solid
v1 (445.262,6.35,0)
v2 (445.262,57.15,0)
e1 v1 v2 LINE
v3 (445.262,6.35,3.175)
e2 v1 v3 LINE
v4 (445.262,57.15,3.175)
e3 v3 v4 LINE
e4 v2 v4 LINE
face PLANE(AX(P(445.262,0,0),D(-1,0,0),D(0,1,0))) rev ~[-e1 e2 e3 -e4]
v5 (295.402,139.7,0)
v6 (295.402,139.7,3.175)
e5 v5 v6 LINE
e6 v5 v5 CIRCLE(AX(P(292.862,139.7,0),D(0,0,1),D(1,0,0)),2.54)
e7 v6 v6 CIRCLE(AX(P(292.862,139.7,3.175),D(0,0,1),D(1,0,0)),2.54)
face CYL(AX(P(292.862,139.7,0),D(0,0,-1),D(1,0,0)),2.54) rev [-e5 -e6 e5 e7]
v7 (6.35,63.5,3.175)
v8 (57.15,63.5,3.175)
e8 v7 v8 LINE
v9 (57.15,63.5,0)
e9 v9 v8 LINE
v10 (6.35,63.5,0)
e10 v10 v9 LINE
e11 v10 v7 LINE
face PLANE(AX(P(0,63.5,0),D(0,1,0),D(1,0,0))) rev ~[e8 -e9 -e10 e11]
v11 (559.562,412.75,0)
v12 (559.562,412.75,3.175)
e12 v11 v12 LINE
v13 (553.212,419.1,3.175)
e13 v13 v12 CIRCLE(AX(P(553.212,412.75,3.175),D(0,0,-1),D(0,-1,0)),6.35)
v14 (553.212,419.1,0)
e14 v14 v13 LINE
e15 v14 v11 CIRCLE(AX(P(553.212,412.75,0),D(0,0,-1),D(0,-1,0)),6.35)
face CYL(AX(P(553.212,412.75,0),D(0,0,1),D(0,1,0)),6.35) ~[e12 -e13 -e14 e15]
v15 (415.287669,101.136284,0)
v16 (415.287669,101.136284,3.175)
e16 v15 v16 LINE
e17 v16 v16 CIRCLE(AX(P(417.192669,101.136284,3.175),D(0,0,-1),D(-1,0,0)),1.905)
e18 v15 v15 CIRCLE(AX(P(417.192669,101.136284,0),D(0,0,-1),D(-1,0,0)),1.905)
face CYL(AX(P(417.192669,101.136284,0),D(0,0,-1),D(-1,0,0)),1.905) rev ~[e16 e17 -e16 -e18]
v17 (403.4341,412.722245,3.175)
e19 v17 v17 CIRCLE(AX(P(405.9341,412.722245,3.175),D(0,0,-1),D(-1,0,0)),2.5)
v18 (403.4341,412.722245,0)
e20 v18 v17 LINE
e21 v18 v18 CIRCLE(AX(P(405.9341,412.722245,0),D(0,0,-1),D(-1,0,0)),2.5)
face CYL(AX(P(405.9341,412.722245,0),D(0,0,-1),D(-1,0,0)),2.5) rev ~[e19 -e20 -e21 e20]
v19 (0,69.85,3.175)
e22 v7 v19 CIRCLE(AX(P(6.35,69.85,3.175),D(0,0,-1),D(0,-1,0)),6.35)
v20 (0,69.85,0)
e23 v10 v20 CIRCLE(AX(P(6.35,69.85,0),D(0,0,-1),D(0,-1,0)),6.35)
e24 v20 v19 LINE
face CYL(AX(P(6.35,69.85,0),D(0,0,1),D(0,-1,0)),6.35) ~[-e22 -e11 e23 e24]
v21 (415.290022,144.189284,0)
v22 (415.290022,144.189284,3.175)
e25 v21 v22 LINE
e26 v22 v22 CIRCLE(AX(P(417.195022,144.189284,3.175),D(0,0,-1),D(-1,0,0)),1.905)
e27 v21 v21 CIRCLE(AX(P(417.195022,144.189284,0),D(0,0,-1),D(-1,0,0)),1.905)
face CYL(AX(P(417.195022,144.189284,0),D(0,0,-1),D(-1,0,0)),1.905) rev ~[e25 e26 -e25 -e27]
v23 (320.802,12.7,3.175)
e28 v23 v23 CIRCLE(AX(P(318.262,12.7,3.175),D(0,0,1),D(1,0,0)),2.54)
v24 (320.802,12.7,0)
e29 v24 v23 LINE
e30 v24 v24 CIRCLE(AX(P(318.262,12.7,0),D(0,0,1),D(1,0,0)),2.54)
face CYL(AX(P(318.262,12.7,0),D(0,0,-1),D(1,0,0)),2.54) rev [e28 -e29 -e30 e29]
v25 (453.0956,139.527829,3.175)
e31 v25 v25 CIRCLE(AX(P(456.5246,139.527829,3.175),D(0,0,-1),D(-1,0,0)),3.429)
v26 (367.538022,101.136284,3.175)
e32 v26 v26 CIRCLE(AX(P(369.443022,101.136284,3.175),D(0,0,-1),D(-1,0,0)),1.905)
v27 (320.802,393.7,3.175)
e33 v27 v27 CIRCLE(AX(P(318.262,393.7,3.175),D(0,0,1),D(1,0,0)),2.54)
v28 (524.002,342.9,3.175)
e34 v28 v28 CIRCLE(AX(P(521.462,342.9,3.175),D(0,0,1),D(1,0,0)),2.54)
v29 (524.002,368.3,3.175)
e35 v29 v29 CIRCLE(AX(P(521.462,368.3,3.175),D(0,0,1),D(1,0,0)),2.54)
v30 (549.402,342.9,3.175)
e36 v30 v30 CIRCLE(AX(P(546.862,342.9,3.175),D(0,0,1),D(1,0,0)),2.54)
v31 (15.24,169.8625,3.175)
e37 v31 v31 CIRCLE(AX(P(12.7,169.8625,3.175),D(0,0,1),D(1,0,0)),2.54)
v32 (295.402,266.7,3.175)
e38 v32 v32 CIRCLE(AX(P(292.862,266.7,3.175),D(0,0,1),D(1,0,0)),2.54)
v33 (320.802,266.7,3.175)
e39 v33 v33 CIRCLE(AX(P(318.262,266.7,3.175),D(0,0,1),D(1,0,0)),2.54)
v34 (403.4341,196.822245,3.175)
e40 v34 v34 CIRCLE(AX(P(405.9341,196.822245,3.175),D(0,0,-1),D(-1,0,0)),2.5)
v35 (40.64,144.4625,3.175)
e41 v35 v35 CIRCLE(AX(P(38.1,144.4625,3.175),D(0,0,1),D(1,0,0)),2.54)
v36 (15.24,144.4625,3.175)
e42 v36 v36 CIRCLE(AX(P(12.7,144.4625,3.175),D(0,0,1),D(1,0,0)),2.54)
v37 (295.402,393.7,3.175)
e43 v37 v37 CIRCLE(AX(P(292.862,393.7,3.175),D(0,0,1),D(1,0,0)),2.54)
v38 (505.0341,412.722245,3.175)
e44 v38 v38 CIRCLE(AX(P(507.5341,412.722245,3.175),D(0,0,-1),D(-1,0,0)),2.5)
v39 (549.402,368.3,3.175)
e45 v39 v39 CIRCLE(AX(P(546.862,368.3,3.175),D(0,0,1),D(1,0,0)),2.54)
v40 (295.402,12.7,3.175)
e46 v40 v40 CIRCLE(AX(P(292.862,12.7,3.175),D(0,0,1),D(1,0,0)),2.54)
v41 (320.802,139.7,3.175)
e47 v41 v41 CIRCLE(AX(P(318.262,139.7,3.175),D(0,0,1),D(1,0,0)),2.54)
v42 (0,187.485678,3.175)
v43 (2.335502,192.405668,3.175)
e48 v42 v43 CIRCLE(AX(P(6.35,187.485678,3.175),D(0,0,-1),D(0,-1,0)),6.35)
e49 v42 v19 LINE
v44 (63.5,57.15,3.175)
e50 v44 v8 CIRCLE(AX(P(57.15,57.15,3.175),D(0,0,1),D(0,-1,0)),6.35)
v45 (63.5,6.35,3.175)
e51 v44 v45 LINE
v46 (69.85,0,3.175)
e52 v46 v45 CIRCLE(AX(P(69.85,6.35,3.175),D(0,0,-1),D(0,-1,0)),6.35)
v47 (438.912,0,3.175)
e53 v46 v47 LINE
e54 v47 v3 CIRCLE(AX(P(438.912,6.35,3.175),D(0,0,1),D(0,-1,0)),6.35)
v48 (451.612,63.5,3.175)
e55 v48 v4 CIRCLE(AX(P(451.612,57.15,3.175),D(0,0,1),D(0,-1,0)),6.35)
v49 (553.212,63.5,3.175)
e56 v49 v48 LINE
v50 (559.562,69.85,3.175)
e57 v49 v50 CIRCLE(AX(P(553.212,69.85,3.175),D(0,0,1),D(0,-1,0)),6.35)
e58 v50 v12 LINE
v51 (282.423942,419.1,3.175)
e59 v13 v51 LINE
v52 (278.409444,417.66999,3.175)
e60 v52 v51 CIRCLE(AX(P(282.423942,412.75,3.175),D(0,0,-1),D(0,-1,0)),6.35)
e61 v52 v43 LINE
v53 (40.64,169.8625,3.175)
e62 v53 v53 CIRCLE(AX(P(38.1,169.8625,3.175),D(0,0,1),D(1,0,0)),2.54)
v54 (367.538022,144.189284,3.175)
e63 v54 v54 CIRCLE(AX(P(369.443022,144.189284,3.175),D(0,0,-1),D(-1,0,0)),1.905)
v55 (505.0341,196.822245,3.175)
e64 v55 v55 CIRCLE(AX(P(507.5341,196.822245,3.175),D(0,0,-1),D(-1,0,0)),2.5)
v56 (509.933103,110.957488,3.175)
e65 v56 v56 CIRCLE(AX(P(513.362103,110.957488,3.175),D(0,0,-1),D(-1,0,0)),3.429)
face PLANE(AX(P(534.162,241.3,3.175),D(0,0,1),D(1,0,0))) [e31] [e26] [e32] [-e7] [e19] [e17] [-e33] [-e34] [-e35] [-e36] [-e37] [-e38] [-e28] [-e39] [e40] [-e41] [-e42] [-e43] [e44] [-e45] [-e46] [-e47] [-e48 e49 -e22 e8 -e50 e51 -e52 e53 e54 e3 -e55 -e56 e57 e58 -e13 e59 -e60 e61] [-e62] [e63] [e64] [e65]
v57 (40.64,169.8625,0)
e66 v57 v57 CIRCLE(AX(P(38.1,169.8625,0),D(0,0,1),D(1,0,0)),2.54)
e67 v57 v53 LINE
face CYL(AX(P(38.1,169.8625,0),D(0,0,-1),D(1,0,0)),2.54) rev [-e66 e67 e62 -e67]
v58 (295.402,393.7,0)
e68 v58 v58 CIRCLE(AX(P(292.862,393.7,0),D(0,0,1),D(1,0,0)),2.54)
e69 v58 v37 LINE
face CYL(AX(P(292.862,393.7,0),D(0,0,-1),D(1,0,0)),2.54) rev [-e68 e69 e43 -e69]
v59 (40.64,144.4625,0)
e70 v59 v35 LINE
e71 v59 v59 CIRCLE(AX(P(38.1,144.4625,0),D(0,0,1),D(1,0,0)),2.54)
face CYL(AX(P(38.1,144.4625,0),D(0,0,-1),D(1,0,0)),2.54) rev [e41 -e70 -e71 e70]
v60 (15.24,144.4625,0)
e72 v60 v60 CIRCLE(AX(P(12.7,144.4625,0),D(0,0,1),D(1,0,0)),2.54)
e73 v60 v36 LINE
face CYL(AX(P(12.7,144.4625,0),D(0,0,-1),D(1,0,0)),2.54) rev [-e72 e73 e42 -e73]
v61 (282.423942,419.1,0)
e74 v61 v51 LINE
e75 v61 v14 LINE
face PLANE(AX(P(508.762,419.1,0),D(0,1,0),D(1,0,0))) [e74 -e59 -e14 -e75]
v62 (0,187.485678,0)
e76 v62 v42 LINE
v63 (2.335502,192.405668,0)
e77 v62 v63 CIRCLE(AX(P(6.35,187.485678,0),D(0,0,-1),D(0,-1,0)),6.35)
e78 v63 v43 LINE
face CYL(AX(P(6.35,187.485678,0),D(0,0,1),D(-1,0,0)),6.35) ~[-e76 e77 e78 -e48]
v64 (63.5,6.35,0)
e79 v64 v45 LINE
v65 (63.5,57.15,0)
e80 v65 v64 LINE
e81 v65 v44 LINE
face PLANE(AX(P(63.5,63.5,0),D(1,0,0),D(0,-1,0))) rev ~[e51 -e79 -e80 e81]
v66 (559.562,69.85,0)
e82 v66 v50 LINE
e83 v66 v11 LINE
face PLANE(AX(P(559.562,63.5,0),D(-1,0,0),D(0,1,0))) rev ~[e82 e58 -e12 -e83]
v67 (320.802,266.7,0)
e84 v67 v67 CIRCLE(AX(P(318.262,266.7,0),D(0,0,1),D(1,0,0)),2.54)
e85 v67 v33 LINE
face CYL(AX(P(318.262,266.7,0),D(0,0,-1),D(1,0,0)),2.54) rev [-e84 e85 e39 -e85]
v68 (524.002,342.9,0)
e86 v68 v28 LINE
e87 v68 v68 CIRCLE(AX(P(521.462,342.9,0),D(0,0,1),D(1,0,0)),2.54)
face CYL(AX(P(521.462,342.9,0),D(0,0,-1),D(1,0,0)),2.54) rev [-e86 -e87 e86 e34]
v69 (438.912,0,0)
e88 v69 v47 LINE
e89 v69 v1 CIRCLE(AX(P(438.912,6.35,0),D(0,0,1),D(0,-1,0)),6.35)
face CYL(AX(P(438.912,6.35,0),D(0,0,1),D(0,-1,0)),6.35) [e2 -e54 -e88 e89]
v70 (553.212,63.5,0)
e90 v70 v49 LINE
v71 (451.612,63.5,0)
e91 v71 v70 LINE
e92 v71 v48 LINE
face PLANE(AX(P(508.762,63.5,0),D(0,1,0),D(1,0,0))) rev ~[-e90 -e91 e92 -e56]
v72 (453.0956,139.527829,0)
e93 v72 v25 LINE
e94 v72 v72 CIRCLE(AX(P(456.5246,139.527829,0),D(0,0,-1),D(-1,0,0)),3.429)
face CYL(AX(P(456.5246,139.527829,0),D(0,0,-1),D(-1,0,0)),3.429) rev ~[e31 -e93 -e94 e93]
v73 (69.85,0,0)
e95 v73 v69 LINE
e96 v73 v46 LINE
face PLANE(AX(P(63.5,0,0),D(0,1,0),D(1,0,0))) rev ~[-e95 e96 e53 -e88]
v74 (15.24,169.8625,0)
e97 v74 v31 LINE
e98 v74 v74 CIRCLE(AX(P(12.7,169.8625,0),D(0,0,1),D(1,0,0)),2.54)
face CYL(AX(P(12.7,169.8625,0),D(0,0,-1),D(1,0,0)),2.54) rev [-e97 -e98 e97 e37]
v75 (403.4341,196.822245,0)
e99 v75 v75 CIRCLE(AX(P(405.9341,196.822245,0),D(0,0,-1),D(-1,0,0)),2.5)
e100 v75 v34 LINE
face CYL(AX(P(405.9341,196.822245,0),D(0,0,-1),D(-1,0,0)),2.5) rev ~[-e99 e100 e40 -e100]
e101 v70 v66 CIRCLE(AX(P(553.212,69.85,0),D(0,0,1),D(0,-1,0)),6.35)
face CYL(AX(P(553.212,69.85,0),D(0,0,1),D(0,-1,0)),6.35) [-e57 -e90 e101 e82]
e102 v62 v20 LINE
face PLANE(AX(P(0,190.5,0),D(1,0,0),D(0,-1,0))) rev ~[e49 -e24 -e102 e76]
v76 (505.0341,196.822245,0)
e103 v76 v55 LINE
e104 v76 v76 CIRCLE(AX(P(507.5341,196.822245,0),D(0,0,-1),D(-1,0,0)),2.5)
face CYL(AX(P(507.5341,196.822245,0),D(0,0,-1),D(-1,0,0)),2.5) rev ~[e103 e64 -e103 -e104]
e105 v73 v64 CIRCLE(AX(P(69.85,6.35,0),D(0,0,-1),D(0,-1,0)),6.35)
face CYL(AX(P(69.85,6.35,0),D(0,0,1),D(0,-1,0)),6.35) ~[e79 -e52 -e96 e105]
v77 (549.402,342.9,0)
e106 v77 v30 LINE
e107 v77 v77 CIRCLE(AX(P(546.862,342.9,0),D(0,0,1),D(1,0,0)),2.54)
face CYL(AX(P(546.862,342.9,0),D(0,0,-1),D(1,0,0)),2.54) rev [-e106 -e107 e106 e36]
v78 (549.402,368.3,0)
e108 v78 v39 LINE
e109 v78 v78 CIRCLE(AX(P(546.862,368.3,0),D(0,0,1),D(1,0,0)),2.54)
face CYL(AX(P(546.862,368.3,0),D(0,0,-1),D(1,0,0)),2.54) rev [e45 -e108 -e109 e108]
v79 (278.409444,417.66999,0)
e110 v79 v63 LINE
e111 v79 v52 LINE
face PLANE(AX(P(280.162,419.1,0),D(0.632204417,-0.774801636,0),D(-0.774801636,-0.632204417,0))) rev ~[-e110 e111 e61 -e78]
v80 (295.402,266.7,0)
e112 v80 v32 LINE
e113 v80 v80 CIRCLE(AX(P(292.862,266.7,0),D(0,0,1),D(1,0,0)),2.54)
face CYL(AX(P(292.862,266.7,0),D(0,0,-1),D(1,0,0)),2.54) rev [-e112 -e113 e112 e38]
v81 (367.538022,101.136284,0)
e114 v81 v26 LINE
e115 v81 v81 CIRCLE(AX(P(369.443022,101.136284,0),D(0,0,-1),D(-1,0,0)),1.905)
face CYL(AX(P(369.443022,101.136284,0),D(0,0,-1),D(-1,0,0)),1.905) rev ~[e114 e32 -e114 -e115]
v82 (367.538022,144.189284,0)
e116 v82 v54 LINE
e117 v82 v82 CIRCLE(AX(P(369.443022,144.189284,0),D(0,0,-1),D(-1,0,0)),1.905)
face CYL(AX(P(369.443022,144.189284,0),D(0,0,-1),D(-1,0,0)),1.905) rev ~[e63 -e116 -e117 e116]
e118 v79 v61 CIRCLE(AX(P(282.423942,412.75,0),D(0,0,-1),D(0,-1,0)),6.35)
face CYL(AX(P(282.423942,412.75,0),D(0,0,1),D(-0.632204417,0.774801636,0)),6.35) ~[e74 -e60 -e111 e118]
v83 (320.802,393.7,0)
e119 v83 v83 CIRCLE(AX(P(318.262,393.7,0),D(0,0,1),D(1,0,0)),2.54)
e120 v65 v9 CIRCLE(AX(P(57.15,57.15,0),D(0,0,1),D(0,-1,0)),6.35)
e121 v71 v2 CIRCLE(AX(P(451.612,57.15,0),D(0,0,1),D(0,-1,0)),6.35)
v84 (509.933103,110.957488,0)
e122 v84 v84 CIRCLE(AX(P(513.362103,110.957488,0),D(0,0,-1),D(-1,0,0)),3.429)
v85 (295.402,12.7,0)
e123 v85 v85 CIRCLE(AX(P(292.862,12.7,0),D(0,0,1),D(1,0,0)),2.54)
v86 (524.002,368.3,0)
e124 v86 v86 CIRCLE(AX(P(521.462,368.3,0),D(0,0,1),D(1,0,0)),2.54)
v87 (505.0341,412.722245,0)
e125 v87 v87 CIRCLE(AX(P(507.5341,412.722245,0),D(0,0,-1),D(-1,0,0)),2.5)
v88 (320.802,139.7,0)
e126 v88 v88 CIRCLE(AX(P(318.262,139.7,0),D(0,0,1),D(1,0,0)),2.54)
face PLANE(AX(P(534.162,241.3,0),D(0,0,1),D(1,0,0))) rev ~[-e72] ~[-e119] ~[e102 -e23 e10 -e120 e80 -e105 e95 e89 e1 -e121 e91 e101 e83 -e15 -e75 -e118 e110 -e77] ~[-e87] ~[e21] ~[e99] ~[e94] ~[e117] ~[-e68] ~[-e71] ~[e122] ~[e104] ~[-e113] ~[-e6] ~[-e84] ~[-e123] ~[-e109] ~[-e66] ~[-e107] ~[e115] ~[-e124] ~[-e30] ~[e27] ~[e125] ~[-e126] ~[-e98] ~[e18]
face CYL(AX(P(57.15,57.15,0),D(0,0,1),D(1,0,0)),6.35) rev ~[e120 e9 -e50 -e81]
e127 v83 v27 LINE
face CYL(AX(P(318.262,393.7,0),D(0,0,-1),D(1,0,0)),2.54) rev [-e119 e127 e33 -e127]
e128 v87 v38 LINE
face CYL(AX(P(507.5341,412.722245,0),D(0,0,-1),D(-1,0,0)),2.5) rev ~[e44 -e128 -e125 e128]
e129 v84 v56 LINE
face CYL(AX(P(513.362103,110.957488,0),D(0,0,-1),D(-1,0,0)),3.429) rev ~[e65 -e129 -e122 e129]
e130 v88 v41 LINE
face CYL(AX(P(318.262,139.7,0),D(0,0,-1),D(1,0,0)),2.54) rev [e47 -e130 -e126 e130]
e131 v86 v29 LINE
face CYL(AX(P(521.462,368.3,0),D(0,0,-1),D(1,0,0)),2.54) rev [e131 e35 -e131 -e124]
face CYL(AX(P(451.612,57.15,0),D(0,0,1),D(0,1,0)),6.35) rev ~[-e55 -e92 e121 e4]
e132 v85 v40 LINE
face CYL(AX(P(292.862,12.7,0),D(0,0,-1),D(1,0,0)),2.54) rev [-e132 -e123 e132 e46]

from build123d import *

# Parameters (mm, degrees)
SKETCH1_R           = 2.54
SKETCH1_W           = 50.8
SKETCH1_H           = 355.6
BOSS_EXTRUDE1_DEPTH = 3.175
FILLET1_R           = 6.35
SKETCH6_R           = 2.5
SKETCH6_R_2         = 3.429
SKETCH6_R_3         = 1.905
CUT_EXTRUDE6_DEPTH  = 5.08


with BuildPart() as part:
    # Sketch1 → Boss-Extrude1 (new body)
    # profile 1 of 2: a face of its own
    with BuildSketch(Plane.XY):
        Polygon((0, 190.5), (0, 63.5), (63.5, 63.5), (63.5, 0), (445.262, 0), (445.262, 63.5), (508.762, 63.5), (508.762, 419.1), (280.162, 419.1), align=None)
        with Locations((12.7, 144.4625)):
            Circle(SKETCH1_R, mode=Mode.SUBTRACT)
        with Locations((38.1, 144.4625)):
            Circle(SKETCH1_R, mode=Mode.SUBTRACT)
        with Locations((12.7, 169.8625)):
            Circle(SKETCH1_R, mode=Mode.SUBTRACT)
        with Locations((38.1, 169.8625)):
            Circle(SKETCH1_R, mode=Mode.SUBTRACT)
        with Locations((292.862, 12.7)):
            Circle(SKETCH1_R, mode=Mode.SUBTRACT)
        with Locations((318.262, 12.7)):
            Circle(SKETCH1_R, mode=Mode.SUBTRACT)
        with Locations((292.862, 139.7)):
            Circle(SKETCH1_R, mode=Mode.SUBTRACT)
        with Locations((318.262, 139.7)):
            Circle(SKETCH1_R, mode=Mode.SUBTRACT)
        with Locations((292.862, 266.7)):
            Circle(SKETCH1_R, mode=Mode.SUBTRACT)
        with Locations((318.262, 266.7)):
            Circle(SKETCH1_R, mode=Mode.SUBTRACT)
        with Locations((292.862, 393.7)):
            Circle(SKETCH1_R, mode=Mode.SUBTRACT)
        with Locations((318.262, 393.7)):
            Circle(SKETCH1_R, mode=Mode.SUBTRACT)
    # profile 2 of 2: a face of its own
    with BuildSketch(Plane.XY):
        with Locations((534.162, 241.3)):
            Rectangle(SKETCH1_W, SKETCH1_H)
        with Locations((521.462, 342.9)):
            Circle(SKETCH1_R, mode=Mode.SUBTRACT)
        with Locations((546.862, 342.9)):
            Circle(SKETCH1_R, mode=Mode.SUBTRACT)
        with Locations((521.462, 368.3)):
            Circle(SKETCH1_R, mode=Mode.SUBTRACT)
        with Locations((546.862, 368.3)):
            Circle(SKETCH1_R, mode=Mode.SUBTRACT)
    extrude(amount=BOSS_EXTRUDE1_DEPTH)

    # Fillet1
    fillet1_edges = [part.edges().sort_by_distance(p)[0] for p in [
        (280.162, 419.1, 1.5875),
        (559.562, 419.1, 1.5875),
        (559.562, 63.5, 1.5875),
        (445.262, 63.5, 1.5875),
        (445.262, 0, 1.5875),
        (63.5, 0, 1.5875),
        (63.5, 63.5, 1.5875),
        (0, 63.5, 1.5875),
        (0, 190.5, 1.5875),
    ]]
    fillet(fillet1_edges, radius=FILLET1_R)

    # Sketch6 → Cut-Extrude6 (cut)
    with BuildSketch(Plane(origin=(0, 0, 0), x_dir=(-1, 0, 0), z_dir=(0, 0, -1))):
        with Locations((-507.534100105, 412.722244751)):
            Circle(SKETCH6_R)
        with Locations((-405.934100105, 412.722244751)):
            Circle(SKETCH6_R)
        with Locations((-507.534100105, 196.822244751)):
            Circle(SKETCH6_R)
        with Locations((-513.362102572, 110.957488219)):
            Circle(SKETCH6_R_2)
        with Locations((-456.524599675, 139.527828861)):
            Circle(SKETCH6_R_2)
        with Locations((-405.934100105, 196.822244751)):
            Circle(SKETCH6_R)
        with Locations((-417.19502212, 144.189284242)):
            Circle(SKETCH6_R_3)
        with Locations((-369.44302212, 144.189284242)):
            Circle(SKETCH6_R_3)
        with Locations((-417.192668653, 101.136284242)):
            Circle(SKETCH6_R_3)
        with Locations((-369.44302212, 101.136284242)):
            Circle(SKETCH6_R_3)
    extrude(amount=-CUT_EXTRUDE6_DEPTH, mode=Mode.SUBTRACT)


solid = part.part
